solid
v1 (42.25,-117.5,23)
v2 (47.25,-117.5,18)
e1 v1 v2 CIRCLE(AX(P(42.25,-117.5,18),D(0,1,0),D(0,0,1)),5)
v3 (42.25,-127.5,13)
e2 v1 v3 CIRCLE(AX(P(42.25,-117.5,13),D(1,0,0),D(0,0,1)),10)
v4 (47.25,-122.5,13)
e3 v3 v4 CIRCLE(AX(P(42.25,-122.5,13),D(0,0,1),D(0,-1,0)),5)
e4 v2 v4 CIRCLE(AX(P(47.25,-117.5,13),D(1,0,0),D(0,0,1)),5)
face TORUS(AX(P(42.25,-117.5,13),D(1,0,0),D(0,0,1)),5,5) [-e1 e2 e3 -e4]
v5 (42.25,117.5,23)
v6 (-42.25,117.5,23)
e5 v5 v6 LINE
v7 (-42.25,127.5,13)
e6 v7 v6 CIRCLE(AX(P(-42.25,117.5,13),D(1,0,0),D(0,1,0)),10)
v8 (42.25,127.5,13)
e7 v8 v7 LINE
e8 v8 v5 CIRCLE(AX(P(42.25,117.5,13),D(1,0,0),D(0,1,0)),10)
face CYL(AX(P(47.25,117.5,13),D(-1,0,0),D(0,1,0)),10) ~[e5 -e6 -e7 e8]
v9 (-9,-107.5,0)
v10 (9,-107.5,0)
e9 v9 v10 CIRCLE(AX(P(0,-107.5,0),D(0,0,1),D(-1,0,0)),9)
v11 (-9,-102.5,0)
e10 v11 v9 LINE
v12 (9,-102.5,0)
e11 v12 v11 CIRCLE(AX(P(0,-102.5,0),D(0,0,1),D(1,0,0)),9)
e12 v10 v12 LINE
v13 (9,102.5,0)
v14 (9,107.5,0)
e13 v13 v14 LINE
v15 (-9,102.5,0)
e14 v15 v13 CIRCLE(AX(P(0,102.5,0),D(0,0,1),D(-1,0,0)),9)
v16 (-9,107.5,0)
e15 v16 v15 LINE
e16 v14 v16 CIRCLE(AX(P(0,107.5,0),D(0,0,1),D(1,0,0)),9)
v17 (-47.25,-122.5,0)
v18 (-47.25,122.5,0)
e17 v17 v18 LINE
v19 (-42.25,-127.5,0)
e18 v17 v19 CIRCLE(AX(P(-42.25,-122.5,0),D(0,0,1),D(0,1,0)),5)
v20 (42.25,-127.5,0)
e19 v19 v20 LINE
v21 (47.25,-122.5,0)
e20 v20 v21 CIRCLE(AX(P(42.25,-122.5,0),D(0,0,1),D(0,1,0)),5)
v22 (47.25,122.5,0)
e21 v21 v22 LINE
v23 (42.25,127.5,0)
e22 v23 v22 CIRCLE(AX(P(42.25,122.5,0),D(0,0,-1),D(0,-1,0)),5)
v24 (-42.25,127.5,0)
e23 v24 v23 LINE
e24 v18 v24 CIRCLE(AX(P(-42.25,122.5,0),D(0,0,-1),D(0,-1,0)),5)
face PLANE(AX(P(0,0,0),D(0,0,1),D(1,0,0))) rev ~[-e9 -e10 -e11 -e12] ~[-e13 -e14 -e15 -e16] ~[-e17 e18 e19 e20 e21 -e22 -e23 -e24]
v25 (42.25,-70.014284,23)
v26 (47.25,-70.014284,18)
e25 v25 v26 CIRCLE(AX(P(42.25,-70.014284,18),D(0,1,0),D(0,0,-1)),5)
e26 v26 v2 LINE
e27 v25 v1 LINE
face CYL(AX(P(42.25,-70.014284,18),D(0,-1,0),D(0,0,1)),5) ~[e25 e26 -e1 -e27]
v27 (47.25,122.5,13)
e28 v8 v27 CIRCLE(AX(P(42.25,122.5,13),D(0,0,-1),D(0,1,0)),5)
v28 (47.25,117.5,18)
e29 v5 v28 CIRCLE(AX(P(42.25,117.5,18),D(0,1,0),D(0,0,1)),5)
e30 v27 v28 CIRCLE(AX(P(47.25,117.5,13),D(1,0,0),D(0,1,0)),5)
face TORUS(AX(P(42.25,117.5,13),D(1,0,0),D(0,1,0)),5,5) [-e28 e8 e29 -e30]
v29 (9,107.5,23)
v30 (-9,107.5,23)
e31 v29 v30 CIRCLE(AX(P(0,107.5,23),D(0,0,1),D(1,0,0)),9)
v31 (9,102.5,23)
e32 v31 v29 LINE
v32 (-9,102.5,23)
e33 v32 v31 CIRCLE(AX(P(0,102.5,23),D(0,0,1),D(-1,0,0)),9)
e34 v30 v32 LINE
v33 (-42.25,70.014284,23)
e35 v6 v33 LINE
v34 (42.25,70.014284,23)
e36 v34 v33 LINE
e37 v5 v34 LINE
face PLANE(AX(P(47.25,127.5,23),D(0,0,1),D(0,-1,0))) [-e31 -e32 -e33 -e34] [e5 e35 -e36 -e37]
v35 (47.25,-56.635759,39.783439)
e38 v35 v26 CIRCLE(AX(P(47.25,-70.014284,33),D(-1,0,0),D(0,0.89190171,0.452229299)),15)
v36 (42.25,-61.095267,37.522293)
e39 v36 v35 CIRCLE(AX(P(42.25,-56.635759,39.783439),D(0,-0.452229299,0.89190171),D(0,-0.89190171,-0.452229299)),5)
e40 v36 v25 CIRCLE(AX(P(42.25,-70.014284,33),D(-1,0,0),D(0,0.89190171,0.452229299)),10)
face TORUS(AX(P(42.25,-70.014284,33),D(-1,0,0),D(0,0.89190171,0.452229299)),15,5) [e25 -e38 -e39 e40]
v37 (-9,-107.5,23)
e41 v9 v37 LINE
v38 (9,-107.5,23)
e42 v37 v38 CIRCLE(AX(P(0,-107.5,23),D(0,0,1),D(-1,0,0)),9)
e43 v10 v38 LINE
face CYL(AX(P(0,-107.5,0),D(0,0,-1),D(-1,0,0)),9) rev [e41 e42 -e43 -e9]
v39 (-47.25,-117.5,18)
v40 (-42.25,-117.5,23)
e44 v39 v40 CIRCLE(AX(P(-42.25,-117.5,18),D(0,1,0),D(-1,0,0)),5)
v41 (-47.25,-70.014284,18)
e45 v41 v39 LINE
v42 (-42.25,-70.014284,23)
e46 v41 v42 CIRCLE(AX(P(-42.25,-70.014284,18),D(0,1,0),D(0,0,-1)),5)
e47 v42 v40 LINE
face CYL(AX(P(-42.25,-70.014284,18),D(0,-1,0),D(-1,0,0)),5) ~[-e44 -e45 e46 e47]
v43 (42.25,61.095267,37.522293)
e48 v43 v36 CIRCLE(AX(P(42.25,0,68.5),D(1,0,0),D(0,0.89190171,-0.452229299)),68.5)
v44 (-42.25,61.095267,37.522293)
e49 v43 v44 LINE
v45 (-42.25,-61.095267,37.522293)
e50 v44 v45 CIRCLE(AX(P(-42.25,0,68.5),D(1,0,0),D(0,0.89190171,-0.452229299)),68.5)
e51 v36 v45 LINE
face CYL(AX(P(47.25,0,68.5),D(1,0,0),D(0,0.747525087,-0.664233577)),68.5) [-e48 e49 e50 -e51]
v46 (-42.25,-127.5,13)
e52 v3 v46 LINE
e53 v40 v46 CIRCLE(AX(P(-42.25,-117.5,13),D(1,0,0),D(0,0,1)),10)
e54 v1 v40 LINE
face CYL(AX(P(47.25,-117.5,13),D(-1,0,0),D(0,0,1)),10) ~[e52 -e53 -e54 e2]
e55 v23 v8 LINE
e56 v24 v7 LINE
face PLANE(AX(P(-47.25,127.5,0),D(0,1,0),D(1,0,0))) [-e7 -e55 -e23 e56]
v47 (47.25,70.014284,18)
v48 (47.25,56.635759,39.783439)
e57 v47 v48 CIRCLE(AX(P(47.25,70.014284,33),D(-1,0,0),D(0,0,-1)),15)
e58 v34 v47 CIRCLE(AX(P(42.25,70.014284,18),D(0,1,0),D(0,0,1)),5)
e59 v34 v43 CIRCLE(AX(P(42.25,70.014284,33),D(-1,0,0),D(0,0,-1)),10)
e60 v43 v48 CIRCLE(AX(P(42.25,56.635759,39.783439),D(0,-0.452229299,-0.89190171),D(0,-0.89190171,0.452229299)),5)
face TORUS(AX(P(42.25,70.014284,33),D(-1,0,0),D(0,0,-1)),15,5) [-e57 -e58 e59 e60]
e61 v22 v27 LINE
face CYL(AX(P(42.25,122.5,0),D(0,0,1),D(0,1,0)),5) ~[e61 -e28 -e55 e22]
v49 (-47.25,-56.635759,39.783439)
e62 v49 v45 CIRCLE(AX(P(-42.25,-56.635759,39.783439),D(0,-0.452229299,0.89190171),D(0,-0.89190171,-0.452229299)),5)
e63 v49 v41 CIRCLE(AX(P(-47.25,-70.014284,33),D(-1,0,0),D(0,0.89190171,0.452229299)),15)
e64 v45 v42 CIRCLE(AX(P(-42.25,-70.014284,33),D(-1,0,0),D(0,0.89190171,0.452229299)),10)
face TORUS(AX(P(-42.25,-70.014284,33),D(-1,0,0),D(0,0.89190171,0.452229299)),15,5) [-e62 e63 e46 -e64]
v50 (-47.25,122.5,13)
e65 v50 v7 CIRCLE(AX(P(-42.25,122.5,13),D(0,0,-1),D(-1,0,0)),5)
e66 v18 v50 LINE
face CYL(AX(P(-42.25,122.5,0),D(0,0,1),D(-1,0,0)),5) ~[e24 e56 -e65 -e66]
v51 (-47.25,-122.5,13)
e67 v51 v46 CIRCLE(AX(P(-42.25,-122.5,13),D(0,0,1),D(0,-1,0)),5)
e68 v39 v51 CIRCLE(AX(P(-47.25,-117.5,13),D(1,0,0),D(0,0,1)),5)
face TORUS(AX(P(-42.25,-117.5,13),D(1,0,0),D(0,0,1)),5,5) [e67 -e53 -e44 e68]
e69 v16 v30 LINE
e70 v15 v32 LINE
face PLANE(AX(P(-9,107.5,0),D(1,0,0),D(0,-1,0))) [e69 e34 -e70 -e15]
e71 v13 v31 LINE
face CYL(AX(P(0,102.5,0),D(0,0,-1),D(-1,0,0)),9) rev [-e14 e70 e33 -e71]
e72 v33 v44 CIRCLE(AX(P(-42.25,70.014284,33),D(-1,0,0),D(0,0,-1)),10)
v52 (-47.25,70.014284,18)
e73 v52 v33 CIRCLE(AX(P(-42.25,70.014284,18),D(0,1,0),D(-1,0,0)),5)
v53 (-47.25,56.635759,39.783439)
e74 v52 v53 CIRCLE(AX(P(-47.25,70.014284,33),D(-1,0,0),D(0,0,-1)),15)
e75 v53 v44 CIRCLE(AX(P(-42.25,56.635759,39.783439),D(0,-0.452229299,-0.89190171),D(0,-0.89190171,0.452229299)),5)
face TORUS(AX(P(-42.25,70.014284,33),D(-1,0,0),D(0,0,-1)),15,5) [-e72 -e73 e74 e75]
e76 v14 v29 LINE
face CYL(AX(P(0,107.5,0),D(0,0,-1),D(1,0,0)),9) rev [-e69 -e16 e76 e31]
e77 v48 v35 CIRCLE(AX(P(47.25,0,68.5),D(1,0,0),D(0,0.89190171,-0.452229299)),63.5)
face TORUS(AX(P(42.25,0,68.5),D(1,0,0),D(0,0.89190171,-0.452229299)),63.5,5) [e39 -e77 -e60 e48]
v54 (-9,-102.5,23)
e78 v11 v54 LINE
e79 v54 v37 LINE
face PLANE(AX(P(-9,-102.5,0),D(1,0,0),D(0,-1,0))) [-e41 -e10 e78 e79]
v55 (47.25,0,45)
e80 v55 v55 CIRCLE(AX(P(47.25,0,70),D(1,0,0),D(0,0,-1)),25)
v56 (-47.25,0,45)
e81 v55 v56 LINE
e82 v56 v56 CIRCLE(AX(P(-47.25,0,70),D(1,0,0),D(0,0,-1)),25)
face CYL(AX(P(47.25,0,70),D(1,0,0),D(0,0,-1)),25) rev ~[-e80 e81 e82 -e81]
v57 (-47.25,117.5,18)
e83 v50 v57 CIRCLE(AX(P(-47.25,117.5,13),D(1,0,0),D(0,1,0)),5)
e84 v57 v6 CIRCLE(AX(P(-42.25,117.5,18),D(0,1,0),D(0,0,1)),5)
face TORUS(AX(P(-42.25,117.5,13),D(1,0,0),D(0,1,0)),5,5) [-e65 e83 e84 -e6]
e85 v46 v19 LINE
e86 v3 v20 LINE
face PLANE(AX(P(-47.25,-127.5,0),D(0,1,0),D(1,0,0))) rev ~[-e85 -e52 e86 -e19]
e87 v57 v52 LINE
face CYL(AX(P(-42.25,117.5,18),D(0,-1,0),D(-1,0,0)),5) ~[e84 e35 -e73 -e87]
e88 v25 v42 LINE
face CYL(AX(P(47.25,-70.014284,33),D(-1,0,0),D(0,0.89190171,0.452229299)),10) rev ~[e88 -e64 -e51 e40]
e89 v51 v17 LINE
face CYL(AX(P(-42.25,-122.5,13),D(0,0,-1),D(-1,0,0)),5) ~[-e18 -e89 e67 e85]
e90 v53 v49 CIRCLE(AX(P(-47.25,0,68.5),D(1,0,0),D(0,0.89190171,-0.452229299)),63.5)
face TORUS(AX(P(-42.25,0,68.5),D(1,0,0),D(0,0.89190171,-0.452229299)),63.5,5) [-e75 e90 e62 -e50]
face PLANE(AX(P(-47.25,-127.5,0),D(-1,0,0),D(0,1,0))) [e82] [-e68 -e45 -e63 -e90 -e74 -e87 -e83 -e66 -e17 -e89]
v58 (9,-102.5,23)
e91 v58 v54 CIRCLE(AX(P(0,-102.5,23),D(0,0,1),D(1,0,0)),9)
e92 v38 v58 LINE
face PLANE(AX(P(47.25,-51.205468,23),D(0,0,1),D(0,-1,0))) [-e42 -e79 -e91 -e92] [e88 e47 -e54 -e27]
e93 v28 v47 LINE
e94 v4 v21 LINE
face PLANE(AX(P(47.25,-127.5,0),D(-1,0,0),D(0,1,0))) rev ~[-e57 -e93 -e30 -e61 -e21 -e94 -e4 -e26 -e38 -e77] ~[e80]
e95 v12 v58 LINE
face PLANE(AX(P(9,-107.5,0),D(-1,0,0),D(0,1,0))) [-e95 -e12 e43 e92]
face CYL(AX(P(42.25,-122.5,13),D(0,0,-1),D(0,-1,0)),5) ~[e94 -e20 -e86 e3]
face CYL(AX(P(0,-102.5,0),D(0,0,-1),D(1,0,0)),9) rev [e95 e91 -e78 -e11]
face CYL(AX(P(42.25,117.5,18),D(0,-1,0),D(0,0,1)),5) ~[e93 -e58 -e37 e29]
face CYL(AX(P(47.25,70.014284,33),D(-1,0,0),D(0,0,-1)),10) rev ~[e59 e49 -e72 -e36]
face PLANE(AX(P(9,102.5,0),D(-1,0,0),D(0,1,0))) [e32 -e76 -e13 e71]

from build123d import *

# Parameters (mm, degrees)
SKETCH_1_W          = 94.5
SKETCH_1_H          = 255
EXTRUDE_1_DEPTH     = 137
SKETCH_2_OUTSIDE_W  = 199.902
SKETCH_2_OUTSIDE_H  = 317.902
CUT_EXTRUDE_1_DEPTH = 137
FILLET_1_R          = 10
FILLET_2_R          = 5
SKETCH_3_R          = 25
CUT_EXTRUDE_2_DEPTH = 210.655670133
CUT_EXTRUDE_3_DEPTH = 23


with BuildPart() as part:
    # 草图1 → 凸台-拉伸1 (new body)
    with BuildSketch(Plane.XY):
        Rectangle(SKETCH_1_W, SKETCH_1_H)
    extrude(amount=EXTRUDE_1_DEPTH)

    # 草图2 outside → 切除-拉伸1 (cut)
    with BuildSketch(Plane(origin=(47.25, 0, 0), x_dir=(0, 0, -1), z_dir=(1, 0, 0))):
        with Locations((-68.5, 0)):
            Rectangle(SKETCH_2_OUTSIDE_W, SKETCH_2_OUTSIDE_H)
        with BuildLine():
            Line((0, -127.5), (0, 127.5))
            Line((0, 127.5), (-23, 127.5))
            Line((-23, 127.5), (-23, 51.205468458))
            ThreePointArc((-23, 51.205468458), (-137, 0), (-23, -51.205468458))
            Line((-23, -51.205468458), (-23, -127.5))
            Line((-23, -127.5), (0, -127.5))
        make_face(mode=Mode.SUBTRACT)
    extrude(amount=-CUT_EXTRUDE_1_DEPTH, mode=Mode.SUBTRACT)

    # 圆角1
    fillet_1_edges = [part.edges().sort_by_distance(p)[0] for p in [
        (0, 127.5, 23),
        (0, -51.205468458, 23),
        (0, 51.205468458, 23),
        (0, -127.5, 23),
    ]]
    fillet(fillet_1_edges, radius=FILLET_1_R)

    # 圆角2
    fillet_2_edges = [part.edges().sort_by_distance(p)[0] for p in [
        (47.25, 127.5, 6.5),
        (-47.25, 127.5, 6.5),
        (47.25, -93.757142128, 23),
        (47.25, -127.5, 6.5),
        (47.25, 93.757142128, 23),
        (47.25, 0, 137),
        (47.25, -124.571067812, 20.071067812),
        (47.25, 124.571067812, 20.071067812),
        (-47.25, 93.757142128, 23),
        (-47.25, -93.757142128, 23),
        (-47.25, 0, 137),
        (-47.25, -127.5, 6.5),
        (-47.25, -124.571067812, 20.071067812),
        (-47.25, 124.571067812, 20.071067812),
        (47.25, 61.493048139, 27.766594318),
        (-47.25, 61.493048139, 27.766594318),
        (47.25, -61.493048139, 27.766594318),
        (-47.25, -61.493048139, 27.766594318),
    ]]
    fillet(fillet_2_edges, radius=FILLET_2_R)

    # 草图3 → 切除-拉伸2 (cut, through all)
    with BuildSketch(Plane(origin=(47.25, 0, 0), x_dir=(0, 0, -1), z_dir=(1, 0, 0))):
        with Locations((-70, 0)):
            Circle(SKETCH_3_R)
    extrude(amount=-CUT_EXTRUDE_2_DEPTH, mode=Mode.SUBTRACT)

    # 草图4 → 切除-拉伸3 (cut)
    with BuildSketch(Plane(origin=(0, 0, 0), x_dir=(-1, 0, 0), z_dir=(0, 0, -1))):
        with BuildLine():
            Line((9, 107.5), (9, 102.5))
            ThreePointArc((9, 102.5), (0, 93.5), (-9, 102.5))
            Line((-9, 102.5), (-9, 107.5))
            ThreePointArc((-9, 107.5), (0, 116.5), (9, 107.5))
        make_face()
        with BuildLine():
            Line((-9, -107.5), (-9, -102.5))
            ThreePointArc((-9, -102.5), (0, -93.5), (9, -102.5))
            Line((9, -102.5), (9, -107.5))
            ThreePointArc((9, -107.5), (0, -116.5), (-9, -107.5))
        make_face()
    extrude(amount=-CUT_EXTRUDE_3_DEPTH, mode=Mode.SUBTRACT)


solid = part.part
